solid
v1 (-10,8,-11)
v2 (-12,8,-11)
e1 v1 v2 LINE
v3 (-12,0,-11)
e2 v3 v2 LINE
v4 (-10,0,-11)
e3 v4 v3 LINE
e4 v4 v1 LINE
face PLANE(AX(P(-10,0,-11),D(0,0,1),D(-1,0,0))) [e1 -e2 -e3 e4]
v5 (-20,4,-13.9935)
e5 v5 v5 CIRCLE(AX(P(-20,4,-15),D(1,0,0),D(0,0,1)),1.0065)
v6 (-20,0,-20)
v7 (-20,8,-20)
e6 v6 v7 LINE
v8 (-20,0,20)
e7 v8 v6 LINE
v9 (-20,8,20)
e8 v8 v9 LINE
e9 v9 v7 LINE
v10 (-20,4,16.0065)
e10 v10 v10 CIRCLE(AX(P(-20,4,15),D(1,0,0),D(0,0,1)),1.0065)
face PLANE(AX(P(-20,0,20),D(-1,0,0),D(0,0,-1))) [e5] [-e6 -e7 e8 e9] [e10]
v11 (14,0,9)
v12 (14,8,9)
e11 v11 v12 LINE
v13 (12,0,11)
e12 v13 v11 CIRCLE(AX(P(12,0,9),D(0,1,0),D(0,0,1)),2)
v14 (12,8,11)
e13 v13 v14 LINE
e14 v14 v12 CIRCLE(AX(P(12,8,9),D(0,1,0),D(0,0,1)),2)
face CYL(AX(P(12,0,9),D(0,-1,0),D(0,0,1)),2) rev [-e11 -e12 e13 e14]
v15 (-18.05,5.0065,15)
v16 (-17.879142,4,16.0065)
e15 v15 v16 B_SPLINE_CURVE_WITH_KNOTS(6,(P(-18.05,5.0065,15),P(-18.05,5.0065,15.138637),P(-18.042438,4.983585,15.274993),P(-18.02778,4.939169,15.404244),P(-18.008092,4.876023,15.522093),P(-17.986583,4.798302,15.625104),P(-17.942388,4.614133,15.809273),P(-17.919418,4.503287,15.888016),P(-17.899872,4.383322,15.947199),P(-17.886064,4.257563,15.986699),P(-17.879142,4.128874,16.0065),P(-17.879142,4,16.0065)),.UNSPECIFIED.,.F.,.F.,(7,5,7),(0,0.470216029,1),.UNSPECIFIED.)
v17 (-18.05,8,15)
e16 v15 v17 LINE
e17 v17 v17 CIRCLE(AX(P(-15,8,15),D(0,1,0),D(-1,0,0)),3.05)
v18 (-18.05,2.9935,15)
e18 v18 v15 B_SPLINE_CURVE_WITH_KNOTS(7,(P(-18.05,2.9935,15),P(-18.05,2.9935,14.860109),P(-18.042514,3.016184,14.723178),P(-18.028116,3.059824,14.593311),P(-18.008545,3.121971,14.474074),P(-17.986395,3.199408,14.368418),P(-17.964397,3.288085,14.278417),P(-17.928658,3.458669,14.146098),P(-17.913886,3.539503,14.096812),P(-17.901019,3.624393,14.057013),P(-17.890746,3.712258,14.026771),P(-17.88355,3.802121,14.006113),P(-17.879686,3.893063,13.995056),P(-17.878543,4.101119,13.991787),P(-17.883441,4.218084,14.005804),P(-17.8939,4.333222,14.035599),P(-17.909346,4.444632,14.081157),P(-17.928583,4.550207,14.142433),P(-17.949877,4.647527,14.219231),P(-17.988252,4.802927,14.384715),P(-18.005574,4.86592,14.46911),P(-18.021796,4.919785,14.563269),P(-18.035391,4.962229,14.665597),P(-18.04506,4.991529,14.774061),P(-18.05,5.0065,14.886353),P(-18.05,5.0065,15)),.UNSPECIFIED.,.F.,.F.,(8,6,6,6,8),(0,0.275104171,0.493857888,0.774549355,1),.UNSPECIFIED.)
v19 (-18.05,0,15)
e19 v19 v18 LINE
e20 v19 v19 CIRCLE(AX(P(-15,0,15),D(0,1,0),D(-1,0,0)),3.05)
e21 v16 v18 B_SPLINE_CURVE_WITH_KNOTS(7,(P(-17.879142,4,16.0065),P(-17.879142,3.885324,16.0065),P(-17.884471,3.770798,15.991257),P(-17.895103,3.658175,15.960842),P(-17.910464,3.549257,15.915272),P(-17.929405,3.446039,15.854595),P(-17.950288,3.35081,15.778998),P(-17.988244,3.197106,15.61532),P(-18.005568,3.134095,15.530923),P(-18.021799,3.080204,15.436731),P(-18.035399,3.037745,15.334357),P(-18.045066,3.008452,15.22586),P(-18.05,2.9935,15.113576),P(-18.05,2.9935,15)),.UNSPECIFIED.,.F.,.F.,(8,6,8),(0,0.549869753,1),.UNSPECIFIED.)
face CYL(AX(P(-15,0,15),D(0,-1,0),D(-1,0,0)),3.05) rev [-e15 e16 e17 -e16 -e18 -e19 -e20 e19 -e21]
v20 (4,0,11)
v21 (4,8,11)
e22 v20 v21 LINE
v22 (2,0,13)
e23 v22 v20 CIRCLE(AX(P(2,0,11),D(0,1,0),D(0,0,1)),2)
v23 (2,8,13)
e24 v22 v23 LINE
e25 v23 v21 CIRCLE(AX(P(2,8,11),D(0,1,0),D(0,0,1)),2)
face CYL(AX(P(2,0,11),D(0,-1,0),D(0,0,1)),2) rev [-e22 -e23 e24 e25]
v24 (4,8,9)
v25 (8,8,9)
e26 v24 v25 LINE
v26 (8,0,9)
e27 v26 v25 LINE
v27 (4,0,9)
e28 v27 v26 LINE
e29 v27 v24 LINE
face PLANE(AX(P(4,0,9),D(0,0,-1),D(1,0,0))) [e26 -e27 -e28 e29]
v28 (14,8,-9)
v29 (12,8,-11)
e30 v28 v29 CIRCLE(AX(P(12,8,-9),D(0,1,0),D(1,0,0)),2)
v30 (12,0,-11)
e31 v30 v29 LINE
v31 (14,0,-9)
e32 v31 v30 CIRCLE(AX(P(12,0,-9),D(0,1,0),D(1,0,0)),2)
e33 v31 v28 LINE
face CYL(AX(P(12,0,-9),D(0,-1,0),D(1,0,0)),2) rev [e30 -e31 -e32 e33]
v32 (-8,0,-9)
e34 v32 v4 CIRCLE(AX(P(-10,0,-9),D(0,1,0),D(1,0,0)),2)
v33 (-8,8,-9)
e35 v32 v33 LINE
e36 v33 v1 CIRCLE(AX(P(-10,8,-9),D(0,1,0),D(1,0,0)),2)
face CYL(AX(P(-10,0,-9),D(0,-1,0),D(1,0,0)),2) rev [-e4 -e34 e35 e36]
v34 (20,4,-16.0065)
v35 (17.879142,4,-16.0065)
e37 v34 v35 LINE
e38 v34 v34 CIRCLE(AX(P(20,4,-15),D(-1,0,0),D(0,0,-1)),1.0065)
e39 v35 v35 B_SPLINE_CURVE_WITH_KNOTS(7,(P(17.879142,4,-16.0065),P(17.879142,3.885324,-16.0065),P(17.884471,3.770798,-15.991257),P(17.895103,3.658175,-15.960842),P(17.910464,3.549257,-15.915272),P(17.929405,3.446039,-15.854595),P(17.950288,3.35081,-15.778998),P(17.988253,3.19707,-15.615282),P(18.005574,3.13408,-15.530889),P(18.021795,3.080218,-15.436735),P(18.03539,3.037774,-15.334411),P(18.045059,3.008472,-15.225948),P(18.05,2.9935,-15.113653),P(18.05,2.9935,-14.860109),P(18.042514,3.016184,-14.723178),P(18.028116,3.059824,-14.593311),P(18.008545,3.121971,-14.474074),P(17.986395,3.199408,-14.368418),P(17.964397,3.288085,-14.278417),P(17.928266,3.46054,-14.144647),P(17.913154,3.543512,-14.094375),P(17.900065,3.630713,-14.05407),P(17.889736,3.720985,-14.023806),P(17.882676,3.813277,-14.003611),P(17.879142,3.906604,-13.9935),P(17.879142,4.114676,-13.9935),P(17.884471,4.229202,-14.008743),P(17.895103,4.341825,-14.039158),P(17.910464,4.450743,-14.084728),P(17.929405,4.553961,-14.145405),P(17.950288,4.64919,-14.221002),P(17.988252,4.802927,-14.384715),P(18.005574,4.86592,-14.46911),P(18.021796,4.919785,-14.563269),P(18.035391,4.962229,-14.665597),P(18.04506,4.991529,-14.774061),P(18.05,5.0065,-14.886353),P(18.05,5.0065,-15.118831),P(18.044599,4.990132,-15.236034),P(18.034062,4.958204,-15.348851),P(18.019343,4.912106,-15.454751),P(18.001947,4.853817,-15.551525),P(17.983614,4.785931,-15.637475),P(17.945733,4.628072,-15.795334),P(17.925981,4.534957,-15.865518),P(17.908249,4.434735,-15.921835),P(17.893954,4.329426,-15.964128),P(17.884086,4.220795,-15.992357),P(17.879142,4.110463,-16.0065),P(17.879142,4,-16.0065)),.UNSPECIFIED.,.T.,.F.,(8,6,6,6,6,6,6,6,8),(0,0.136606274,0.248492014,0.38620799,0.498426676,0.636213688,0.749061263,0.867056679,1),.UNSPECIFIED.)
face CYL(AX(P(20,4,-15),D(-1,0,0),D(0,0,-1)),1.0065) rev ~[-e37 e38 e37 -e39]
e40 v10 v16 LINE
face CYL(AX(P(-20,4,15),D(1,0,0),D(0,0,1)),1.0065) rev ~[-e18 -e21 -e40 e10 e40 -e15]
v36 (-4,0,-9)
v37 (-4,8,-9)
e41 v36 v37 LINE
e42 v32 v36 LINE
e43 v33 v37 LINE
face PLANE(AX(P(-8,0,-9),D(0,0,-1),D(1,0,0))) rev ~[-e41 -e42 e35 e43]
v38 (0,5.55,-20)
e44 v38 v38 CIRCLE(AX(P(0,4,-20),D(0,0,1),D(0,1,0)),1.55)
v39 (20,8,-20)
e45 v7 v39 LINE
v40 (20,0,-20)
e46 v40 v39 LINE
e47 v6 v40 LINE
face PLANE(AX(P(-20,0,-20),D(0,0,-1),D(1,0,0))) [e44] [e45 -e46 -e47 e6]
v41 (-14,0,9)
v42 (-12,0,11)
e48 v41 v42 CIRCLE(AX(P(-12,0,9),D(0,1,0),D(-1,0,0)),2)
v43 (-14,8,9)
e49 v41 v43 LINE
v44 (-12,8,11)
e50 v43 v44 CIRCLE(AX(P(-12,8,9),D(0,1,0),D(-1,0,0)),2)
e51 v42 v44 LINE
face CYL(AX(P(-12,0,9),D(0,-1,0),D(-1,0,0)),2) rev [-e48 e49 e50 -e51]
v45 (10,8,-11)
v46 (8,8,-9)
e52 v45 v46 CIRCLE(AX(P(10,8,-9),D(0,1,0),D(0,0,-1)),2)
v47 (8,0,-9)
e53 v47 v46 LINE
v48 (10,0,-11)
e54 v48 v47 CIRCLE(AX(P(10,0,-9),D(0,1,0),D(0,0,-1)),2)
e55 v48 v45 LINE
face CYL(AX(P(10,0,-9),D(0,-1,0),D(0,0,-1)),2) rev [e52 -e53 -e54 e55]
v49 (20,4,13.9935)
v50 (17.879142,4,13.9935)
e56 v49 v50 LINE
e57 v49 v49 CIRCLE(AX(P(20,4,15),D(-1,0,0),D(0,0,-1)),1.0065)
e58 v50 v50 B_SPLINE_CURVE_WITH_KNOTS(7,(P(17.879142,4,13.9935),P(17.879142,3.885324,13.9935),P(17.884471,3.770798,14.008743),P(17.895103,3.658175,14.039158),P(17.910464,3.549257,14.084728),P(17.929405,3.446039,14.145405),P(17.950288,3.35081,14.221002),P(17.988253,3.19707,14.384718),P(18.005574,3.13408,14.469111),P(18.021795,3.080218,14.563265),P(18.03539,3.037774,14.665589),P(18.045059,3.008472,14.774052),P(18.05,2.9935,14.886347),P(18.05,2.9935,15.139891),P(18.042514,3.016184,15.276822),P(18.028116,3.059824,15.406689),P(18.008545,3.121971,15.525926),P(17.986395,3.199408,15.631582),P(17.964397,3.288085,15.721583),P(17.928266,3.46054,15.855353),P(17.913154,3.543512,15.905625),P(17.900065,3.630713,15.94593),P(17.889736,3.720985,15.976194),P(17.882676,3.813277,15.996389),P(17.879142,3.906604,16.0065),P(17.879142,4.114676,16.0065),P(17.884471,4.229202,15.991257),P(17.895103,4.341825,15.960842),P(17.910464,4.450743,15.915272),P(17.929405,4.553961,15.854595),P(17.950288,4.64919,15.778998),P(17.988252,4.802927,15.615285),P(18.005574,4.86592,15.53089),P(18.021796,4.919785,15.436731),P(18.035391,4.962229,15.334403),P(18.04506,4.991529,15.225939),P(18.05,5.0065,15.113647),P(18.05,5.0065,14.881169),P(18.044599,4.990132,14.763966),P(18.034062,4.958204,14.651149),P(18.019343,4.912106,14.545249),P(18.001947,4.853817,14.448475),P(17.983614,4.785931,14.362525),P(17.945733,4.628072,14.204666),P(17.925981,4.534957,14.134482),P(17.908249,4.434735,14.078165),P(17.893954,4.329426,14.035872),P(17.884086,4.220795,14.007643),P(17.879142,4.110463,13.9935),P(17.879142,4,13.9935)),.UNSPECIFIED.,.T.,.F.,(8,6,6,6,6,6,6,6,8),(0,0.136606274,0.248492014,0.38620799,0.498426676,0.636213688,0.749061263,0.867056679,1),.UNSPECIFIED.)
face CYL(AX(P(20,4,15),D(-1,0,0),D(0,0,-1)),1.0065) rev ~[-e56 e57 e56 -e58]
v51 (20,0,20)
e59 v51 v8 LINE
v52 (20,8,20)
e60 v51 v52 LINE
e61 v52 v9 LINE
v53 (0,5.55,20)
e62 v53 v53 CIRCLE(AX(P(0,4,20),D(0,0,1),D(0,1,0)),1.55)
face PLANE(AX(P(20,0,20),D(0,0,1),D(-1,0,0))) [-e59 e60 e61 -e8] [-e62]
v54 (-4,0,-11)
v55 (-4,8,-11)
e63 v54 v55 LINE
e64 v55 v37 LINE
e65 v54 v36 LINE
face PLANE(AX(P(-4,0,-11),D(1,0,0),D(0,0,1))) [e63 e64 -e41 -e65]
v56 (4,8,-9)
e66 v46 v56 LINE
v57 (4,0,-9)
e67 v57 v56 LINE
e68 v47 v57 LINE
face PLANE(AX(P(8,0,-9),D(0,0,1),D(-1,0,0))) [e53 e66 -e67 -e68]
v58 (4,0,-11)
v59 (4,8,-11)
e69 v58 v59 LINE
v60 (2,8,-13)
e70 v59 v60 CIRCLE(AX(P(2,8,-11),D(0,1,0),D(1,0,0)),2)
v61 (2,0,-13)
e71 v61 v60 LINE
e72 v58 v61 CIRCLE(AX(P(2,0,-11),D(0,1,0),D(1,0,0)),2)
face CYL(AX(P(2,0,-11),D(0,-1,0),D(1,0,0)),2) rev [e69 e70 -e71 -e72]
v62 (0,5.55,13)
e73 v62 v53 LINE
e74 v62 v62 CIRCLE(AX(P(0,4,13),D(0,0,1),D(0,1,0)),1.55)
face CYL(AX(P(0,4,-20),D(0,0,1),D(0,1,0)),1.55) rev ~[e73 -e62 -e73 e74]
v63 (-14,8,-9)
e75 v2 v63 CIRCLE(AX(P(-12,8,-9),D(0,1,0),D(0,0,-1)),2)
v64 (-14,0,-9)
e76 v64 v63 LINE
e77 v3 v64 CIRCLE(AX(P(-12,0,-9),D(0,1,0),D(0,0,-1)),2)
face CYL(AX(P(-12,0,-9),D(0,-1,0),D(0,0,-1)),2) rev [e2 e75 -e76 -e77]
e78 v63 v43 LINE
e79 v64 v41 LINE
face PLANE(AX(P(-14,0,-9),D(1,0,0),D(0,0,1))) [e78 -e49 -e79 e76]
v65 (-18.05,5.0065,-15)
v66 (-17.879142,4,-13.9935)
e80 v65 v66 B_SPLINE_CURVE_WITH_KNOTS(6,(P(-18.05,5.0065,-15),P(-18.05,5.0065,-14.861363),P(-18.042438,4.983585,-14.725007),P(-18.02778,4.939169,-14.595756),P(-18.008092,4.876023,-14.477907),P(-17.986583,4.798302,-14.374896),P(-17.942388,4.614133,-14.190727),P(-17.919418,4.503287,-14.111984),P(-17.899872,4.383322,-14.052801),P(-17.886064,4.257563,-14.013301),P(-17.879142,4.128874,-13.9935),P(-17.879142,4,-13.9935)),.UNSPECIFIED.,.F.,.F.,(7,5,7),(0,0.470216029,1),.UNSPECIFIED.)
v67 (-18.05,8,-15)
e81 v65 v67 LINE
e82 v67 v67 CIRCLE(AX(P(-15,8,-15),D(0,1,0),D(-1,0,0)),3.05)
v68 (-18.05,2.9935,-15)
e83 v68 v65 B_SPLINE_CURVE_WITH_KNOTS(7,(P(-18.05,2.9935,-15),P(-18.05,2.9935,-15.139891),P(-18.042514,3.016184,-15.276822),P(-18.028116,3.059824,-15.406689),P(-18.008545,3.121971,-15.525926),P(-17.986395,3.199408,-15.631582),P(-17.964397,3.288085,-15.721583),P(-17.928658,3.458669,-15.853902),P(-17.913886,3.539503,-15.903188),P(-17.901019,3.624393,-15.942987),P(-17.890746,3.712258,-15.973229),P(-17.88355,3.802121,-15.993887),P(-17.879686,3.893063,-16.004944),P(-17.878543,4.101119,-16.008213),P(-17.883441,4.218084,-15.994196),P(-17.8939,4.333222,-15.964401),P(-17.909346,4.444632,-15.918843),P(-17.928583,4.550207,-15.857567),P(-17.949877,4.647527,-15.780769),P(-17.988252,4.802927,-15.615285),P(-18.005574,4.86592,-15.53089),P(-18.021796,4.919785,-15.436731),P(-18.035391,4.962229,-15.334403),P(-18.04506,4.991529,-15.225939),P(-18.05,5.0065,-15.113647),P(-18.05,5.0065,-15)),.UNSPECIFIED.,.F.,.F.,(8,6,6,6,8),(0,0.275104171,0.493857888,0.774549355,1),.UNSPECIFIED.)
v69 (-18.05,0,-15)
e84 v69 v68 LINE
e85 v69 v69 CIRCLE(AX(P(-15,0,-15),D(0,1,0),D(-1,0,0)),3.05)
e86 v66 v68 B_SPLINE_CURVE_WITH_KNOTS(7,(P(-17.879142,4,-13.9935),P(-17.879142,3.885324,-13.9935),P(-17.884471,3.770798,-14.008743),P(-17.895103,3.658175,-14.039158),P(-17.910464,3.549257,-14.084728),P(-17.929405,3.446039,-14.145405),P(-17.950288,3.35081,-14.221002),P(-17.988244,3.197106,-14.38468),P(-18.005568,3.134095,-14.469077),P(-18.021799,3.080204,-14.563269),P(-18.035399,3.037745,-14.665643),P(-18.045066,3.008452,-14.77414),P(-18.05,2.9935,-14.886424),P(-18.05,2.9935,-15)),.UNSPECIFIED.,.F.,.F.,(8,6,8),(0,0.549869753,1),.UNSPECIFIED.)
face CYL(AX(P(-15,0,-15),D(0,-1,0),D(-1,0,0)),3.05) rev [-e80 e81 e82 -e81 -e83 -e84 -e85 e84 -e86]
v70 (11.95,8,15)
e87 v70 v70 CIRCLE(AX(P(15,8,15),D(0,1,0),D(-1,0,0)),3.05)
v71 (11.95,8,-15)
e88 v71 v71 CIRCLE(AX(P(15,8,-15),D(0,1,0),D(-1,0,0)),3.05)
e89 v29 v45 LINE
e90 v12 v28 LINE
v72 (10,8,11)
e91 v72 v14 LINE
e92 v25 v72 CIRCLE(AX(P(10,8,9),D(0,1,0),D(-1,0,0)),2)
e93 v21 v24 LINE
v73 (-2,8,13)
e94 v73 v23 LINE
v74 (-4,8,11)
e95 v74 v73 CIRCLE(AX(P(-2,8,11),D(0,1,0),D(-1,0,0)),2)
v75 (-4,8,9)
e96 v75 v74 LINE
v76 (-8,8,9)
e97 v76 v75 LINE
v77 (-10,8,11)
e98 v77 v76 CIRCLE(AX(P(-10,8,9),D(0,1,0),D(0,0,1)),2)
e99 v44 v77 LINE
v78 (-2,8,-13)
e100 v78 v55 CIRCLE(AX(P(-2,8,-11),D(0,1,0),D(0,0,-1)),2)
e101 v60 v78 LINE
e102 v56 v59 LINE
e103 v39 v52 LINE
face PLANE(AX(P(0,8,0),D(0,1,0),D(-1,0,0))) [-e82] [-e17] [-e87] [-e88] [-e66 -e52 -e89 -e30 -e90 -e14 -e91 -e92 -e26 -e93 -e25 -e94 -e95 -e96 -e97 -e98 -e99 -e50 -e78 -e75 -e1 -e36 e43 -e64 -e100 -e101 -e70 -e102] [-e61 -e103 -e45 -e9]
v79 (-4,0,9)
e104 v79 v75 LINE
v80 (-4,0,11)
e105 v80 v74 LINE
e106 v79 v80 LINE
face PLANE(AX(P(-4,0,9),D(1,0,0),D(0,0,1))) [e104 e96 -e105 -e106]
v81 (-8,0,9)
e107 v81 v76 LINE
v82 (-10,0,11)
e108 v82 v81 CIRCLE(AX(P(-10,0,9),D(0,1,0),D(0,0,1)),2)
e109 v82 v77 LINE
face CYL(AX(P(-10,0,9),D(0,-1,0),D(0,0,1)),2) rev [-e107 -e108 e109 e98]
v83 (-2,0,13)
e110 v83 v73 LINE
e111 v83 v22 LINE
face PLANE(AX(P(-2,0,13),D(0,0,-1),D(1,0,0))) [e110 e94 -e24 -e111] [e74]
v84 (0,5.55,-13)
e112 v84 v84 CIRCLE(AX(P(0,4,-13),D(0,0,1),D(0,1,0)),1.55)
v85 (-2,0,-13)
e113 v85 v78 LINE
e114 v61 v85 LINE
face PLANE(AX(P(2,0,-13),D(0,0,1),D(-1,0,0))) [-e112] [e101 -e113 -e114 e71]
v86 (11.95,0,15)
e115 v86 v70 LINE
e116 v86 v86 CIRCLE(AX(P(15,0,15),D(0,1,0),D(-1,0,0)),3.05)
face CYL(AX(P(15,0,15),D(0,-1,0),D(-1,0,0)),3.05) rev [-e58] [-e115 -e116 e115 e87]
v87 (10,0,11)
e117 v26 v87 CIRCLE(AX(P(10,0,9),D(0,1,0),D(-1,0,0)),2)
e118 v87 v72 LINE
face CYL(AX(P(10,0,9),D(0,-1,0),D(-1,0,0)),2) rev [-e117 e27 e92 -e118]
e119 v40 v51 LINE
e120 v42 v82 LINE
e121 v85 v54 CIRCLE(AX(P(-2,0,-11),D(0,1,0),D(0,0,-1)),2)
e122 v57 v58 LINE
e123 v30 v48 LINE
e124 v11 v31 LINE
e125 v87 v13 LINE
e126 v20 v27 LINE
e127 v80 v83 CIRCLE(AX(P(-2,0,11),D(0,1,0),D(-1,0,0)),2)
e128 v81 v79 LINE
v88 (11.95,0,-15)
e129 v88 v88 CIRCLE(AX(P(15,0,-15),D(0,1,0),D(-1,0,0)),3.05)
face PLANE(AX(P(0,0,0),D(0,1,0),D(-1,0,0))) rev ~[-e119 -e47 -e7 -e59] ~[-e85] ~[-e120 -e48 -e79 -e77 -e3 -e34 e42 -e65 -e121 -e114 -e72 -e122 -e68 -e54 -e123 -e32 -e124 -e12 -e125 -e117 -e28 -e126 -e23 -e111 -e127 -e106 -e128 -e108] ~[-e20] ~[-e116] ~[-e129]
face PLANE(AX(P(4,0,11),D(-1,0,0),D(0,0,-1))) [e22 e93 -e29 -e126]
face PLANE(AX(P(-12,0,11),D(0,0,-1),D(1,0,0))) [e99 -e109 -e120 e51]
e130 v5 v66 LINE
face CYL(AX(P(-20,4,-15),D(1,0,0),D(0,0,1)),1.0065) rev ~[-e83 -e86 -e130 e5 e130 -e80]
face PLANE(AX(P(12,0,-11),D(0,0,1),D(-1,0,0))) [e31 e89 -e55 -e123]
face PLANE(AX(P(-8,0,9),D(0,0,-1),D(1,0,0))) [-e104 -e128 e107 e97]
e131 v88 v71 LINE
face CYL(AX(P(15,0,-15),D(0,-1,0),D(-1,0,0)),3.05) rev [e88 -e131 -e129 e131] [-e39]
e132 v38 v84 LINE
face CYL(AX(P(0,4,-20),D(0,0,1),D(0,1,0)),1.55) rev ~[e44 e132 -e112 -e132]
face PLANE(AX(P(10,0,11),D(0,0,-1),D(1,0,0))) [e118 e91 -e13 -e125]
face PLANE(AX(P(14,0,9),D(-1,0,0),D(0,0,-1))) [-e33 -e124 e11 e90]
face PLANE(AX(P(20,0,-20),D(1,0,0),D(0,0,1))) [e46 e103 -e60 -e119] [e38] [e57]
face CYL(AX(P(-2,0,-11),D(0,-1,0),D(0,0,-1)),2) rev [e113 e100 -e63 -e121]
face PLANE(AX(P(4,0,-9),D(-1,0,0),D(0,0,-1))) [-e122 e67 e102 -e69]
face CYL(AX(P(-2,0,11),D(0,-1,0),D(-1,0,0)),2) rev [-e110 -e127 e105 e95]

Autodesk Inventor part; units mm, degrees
ref_plane "YZ Plane" through (0, 0, 0) normal (1, 0, 0) x (0, 1, 0)
ref_plane "XZ Plane" through (0, 0, 0) normal (0, 1, 0) x (-1, 0, 0)
ref_plane "XY Plane" through (0, 0, 0) normal (0, 0, 1) x (1, 0, 0)
sketch "Sketch1" plane through (0, 0, 0) normal (0, 1, 0) x (-1, 0, 0)
  line L0 (20, 20) -> (20, -20)
  line L1 (20, -20) -> (-20, -20)
  line L2 (-20, -20) -> (-20, 20)
  line L3 (-20, 20) -> (20, 20)
  line L4 (-15, 15) -> (-15, -15) construction
  line L5 (-15, -15) -> (15, -15) construction
  line L6 (15, -15) -> (15, 15) construction
  line L7 (15, 15) -> (-15, 15) construction
  circle A0 centre (15, 15) radius 3.05
  circle A1 centre (15, -15) radius 3.05
  circle A2 centre (-15, -15) radius 3.05
  circle A3 centre (-15, 15) radius 3.05
  line L8 (0, 0) -> (-18.5703, 0) construction
  line L9 (-8, 9) -> (-8, 9)
  line L10 (-10, 11) -> (-12, 11)
  line L11 (-14, 9) -> (-14, -9)
  line L12 (-12, -11) -> (-10, -11)
  line L13 (-8, -9) -> (-8, -9)
  line L14 (8, -9) -> (8, -9)
  line L15 (10, -11) -> (12, -11)
  line L16 (14, -9) -> (14, 9)
  line L17 (12, 11) -> (10, 11)
  line L18 (8, 9) -> (8, 9)
  line L19 (0, 0) -> (0, 18.05) construction
  line L20 (0, 0) -> (-18.05, 0) construction
  arc A4 (-12, 11) -> (-14, 9) centre (-12, 9) ccw
  arc A5 (-8, 9) -> (-10, 11) centre (-10, 9) ccw
  arc A6 (-10, -11) -> (-8, -9) centre (-10, -9) ccw
  arc A7 (-14, -9) -> (-12, -11) centre (-12, -9) ccw
  arc A8 (8, -9) -> (10, -11) centre (10, -9) ccw
  arc A9 (12, -11) -> (14, -9) centre (12, -9) ccw
  arc A10 (14, 9) -> (12, 11) centre (12, 9) ccw
  arc A11 (10, 11) -> (8, 9) centre (10, 9) ccw
  line L21 (8, 9) -> (4, 9)
  line L22 (4, 9) -> (4, 11)
  line L23 (2, 13) -> (-2, 13)
  line L24 (-4, 11) -> (-4, 9)
  line L25 (-4, 9) -> (-8, 9)
  line L26 (-8, -9) -> (-4, -9)
  line L27 (-4, -9) -> (-4, -11)
  line L28 (-2, -13) -> (2, -13)
  line L29 (4, -11) -> (4, -9)
  line L30 (8, -9) -> (4, -9)
  arc A12 (4, 11) -> (2, 13) centre (2, 11) ccw
  arc A13 (-2, 13) -> (-4, 11) centre (-2, 11) ccw
  arc A14 (2, -13) -> (4, -11) centre (2, -11) ccw
  arc A15 (-4, -11) -> (-2, -13) centre (-2, -11) ccw
  point P0 (-8, 11)
  point P1 (-14, 11)
  point P2 (-8, -11)
  point P3 (8, -11)
  point P4 (14, -11)
  point P5 (8, 11)
  point P6 (-4, 13)
  point P7 (-4, -13)
  point P8 (4, -13)
  dimension "d0" = 40
  dimension "d1" = 40
  dimension "d2" = 30
  dimension "d3" = 6.1
  dimension "d53" = 20
  dimension "d54" = 15
  dimension "d57" = 8
  dimension "d58" = 16
  dimension "d59" = 22
  dimension "d60" = 6
  dimension "d61" = 2
  dimension "d96" = 4
  dimension "d97" = 8
  dimension "d98" = 4
  dimension "d99" = 2
extrude "Extrusion5" add sketch "Sketch1" along normal blind 8
sketch "Sketch8" plane through (20, 0, -20) normal (0, 0, -1) x (-1, 0, 0)
  circle A0 centre (20, 4) radius 1.5
  point P0 (20, 0)
  dimension "d100" = 4
  dimension "d101" = 3
sketch "Sketch9" plane through (20, 0, 20) normal (1, 0, 0) x (0, 0, -1)
  line L0 (40, 0) -> (0, 0) projected
  line L1 (40, 0) -> (40, 8) projected
  line L2 (0, 8) -> (40, 8) projected
  line L3 (0, 0) -> (0, 8) projected
  point P0 (20, 0)
  point P1 (5, 4)
  point P2 (35, 4)
  dimension "d104" = 5
  dimension "d105" = 5
  dimension "d106" = 4
  dimension "d107" = 4
hole "Hole1" at (20, 4, 15) at (20, 4, -15) direction (-1, 0, 0) diameter 2.013 depth 5 tip angle 118 thread size "M2.5x0.45" class "6H" standard "ISO Metric profile"
sketch "Sketch10" plane through (-20, 0, -20) normal (-1, 0, 0) x (0, 0, 1)
  circle A0 centre (35, 4) radius 1.0065 projected
  circle A1 centre (5, 4) radius 1.0065 projected
  point P0 (20, 0)
  point P1 (33.9935, 4)
  point P2 (3.9935, 4)
hole "Hole2" at (-20, 4, 15) at (-20, 4, -15) direction (1, 0, 0) diameter 2.013 depth 5 tip angle 118 thread size "M2.5x0.45" class "6H" standard "ISO Metric profile"
hole "Hole3" at (0, 4, -20) direction (0, 0, 1) diameter 3.1 end through all
equation "\"d1\" = d0"
properties part number "Holder"
